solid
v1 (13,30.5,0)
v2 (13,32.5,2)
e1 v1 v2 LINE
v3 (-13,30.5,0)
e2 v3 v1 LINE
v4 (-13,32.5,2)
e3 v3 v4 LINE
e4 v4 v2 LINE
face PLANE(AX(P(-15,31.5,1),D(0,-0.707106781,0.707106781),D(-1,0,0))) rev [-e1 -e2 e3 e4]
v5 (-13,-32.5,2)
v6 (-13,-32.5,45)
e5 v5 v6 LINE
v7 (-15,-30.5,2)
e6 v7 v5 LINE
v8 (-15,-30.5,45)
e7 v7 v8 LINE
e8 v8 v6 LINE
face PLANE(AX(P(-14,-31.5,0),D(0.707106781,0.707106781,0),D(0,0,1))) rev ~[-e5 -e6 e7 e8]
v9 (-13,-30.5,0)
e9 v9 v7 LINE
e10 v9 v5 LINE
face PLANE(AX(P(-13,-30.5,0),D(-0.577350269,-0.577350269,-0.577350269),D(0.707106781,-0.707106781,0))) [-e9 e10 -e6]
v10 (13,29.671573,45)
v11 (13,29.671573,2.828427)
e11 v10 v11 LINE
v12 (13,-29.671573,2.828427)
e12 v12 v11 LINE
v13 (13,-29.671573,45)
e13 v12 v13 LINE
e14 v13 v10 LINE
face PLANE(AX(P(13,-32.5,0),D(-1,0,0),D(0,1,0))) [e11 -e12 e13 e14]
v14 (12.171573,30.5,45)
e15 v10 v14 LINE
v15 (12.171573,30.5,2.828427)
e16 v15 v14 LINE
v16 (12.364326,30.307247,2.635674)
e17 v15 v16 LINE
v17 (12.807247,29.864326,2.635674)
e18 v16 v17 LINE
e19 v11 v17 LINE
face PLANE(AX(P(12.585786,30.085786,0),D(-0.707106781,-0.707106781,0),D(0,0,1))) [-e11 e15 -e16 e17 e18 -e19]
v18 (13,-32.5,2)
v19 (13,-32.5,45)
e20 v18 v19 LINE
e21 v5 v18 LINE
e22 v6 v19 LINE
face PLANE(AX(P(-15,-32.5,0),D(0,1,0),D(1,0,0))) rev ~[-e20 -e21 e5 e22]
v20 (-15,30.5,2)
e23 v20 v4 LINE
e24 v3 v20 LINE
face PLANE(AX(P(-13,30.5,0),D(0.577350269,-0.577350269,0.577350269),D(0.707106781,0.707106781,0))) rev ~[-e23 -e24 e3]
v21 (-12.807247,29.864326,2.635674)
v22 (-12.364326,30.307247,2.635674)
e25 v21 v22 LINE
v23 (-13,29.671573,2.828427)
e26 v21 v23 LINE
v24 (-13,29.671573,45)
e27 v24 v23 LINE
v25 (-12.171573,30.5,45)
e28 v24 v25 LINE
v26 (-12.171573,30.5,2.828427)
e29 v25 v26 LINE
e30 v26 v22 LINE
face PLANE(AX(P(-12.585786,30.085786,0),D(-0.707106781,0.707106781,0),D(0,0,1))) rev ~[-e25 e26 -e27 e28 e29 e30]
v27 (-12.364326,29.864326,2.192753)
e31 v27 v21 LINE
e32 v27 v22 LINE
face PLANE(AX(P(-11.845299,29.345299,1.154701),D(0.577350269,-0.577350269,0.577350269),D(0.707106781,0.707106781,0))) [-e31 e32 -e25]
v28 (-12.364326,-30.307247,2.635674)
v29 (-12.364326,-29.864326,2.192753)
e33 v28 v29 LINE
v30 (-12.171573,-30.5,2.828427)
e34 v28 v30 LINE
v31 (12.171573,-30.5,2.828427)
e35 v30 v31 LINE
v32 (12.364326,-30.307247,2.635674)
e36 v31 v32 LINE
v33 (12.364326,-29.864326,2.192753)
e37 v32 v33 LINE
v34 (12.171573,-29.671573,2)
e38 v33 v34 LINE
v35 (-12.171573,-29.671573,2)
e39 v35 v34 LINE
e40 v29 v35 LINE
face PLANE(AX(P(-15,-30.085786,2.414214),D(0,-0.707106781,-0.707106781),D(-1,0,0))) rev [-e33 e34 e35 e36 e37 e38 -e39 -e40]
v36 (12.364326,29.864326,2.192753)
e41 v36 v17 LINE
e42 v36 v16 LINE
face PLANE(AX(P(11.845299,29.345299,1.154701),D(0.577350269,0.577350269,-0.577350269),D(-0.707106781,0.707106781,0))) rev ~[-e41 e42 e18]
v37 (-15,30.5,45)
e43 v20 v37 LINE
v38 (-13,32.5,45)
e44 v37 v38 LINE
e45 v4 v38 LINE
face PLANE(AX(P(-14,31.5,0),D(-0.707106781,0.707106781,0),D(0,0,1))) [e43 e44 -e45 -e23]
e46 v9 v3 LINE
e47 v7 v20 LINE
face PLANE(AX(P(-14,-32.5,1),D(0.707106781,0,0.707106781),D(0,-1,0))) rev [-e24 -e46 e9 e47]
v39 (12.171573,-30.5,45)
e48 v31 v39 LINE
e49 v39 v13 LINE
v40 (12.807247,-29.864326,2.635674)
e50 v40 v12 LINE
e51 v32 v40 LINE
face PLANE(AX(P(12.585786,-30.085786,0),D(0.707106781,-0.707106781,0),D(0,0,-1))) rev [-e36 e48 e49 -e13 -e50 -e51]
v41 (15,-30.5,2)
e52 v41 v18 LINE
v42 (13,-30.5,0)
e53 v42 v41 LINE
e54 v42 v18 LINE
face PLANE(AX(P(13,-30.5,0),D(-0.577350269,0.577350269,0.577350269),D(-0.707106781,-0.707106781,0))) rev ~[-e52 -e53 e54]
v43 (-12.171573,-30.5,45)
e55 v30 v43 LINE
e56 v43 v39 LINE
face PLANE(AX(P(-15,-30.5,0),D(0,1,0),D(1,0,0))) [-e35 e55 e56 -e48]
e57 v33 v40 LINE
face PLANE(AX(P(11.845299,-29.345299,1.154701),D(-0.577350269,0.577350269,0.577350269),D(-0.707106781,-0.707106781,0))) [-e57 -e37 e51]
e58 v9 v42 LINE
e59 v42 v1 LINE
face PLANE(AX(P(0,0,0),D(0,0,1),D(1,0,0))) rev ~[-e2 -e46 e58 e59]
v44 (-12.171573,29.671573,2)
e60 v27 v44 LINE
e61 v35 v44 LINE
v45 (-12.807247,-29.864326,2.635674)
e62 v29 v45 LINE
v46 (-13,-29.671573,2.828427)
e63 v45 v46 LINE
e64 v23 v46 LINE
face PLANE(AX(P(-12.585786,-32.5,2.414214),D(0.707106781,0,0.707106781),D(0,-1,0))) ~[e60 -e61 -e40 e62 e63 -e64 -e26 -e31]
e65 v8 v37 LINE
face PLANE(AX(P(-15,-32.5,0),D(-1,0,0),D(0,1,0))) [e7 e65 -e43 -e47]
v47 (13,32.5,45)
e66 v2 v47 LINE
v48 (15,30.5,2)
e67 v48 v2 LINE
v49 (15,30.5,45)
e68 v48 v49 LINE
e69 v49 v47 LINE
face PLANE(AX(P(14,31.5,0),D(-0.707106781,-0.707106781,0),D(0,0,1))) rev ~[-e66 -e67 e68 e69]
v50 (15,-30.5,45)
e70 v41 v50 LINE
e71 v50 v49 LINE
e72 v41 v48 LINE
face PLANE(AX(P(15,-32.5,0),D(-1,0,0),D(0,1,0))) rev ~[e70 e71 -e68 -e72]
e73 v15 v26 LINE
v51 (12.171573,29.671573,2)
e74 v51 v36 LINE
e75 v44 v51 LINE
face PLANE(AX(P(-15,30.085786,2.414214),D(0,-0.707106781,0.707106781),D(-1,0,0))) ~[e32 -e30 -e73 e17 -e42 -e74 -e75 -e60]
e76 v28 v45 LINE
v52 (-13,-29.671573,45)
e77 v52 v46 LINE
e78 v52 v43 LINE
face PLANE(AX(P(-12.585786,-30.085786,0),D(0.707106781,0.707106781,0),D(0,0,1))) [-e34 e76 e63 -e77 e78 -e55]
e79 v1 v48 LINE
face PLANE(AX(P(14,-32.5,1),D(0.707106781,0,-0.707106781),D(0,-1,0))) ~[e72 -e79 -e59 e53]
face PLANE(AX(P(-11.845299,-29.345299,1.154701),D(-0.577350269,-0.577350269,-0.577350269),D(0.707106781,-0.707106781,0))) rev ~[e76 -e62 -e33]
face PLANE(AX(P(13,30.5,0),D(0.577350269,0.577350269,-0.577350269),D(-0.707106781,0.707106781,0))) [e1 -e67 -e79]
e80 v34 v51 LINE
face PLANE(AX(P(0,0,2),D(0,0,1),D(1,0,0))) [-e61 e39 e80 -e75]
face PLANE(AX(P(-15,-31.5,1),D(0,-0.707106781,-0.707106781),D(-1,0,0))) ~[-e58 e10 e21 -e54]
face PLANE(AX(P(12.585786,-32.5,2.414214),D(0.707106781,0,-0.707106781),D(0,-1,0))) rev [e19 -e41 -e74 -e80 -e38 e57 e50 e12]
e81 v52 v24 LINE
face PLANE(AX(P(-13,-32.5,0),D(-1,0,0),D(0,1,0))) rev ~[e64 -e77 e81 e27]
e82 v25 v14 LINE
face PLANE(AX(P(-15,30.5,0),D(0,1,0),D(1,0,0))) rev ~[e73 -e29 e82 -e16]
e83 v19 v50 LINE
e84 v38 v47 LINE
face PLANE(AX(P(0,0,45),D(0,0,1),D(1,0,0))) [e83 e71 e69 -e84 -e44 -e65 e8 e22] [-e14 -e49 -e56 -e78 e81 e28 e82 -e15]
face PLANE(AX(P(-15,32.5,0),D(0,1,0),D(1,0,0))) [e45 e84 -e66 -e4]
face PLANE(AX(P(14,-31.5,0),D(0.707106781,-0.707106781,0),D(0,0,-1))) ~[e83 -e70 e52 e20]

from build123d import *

# Parameters (mm, degrees)
F0_W     = 30
F0_H     = 65
F1_DEPTH = 45
F2_SIZE  = 2
F3_T     = -2


with BuildPart() as f1:
    # F0 (on Top) → F1 (new body)
    with BuildSketch(Plane.XY):
        Rectangle(F0_W, F0_H)
    extrude(amount=F1_DEPTH)

    # F2
    f2_edges = [f1.edges().sort_by_distance(p)[0] for p in [
        (15, -32.5, 22.5),
        (-15, -32.5, 22.5),
        (15, 32.5, 22.5),
        (-15, 32.5, 22.5),
        (15, 0, 0),
        (-15, 0, 0),
        (0, 32.5, 0),
        (0, -32.5, 0),
    ]]
    chamfer(f2_edges, length=F2_SIZE)

    # F3
    f3_openings = [f1.faces().sort_by_distance(p)[0] for p in [
        (0, 0, 45),
    ]]
    offset(amount=F3_T, openings=f3_openings)


solid = f1.part
